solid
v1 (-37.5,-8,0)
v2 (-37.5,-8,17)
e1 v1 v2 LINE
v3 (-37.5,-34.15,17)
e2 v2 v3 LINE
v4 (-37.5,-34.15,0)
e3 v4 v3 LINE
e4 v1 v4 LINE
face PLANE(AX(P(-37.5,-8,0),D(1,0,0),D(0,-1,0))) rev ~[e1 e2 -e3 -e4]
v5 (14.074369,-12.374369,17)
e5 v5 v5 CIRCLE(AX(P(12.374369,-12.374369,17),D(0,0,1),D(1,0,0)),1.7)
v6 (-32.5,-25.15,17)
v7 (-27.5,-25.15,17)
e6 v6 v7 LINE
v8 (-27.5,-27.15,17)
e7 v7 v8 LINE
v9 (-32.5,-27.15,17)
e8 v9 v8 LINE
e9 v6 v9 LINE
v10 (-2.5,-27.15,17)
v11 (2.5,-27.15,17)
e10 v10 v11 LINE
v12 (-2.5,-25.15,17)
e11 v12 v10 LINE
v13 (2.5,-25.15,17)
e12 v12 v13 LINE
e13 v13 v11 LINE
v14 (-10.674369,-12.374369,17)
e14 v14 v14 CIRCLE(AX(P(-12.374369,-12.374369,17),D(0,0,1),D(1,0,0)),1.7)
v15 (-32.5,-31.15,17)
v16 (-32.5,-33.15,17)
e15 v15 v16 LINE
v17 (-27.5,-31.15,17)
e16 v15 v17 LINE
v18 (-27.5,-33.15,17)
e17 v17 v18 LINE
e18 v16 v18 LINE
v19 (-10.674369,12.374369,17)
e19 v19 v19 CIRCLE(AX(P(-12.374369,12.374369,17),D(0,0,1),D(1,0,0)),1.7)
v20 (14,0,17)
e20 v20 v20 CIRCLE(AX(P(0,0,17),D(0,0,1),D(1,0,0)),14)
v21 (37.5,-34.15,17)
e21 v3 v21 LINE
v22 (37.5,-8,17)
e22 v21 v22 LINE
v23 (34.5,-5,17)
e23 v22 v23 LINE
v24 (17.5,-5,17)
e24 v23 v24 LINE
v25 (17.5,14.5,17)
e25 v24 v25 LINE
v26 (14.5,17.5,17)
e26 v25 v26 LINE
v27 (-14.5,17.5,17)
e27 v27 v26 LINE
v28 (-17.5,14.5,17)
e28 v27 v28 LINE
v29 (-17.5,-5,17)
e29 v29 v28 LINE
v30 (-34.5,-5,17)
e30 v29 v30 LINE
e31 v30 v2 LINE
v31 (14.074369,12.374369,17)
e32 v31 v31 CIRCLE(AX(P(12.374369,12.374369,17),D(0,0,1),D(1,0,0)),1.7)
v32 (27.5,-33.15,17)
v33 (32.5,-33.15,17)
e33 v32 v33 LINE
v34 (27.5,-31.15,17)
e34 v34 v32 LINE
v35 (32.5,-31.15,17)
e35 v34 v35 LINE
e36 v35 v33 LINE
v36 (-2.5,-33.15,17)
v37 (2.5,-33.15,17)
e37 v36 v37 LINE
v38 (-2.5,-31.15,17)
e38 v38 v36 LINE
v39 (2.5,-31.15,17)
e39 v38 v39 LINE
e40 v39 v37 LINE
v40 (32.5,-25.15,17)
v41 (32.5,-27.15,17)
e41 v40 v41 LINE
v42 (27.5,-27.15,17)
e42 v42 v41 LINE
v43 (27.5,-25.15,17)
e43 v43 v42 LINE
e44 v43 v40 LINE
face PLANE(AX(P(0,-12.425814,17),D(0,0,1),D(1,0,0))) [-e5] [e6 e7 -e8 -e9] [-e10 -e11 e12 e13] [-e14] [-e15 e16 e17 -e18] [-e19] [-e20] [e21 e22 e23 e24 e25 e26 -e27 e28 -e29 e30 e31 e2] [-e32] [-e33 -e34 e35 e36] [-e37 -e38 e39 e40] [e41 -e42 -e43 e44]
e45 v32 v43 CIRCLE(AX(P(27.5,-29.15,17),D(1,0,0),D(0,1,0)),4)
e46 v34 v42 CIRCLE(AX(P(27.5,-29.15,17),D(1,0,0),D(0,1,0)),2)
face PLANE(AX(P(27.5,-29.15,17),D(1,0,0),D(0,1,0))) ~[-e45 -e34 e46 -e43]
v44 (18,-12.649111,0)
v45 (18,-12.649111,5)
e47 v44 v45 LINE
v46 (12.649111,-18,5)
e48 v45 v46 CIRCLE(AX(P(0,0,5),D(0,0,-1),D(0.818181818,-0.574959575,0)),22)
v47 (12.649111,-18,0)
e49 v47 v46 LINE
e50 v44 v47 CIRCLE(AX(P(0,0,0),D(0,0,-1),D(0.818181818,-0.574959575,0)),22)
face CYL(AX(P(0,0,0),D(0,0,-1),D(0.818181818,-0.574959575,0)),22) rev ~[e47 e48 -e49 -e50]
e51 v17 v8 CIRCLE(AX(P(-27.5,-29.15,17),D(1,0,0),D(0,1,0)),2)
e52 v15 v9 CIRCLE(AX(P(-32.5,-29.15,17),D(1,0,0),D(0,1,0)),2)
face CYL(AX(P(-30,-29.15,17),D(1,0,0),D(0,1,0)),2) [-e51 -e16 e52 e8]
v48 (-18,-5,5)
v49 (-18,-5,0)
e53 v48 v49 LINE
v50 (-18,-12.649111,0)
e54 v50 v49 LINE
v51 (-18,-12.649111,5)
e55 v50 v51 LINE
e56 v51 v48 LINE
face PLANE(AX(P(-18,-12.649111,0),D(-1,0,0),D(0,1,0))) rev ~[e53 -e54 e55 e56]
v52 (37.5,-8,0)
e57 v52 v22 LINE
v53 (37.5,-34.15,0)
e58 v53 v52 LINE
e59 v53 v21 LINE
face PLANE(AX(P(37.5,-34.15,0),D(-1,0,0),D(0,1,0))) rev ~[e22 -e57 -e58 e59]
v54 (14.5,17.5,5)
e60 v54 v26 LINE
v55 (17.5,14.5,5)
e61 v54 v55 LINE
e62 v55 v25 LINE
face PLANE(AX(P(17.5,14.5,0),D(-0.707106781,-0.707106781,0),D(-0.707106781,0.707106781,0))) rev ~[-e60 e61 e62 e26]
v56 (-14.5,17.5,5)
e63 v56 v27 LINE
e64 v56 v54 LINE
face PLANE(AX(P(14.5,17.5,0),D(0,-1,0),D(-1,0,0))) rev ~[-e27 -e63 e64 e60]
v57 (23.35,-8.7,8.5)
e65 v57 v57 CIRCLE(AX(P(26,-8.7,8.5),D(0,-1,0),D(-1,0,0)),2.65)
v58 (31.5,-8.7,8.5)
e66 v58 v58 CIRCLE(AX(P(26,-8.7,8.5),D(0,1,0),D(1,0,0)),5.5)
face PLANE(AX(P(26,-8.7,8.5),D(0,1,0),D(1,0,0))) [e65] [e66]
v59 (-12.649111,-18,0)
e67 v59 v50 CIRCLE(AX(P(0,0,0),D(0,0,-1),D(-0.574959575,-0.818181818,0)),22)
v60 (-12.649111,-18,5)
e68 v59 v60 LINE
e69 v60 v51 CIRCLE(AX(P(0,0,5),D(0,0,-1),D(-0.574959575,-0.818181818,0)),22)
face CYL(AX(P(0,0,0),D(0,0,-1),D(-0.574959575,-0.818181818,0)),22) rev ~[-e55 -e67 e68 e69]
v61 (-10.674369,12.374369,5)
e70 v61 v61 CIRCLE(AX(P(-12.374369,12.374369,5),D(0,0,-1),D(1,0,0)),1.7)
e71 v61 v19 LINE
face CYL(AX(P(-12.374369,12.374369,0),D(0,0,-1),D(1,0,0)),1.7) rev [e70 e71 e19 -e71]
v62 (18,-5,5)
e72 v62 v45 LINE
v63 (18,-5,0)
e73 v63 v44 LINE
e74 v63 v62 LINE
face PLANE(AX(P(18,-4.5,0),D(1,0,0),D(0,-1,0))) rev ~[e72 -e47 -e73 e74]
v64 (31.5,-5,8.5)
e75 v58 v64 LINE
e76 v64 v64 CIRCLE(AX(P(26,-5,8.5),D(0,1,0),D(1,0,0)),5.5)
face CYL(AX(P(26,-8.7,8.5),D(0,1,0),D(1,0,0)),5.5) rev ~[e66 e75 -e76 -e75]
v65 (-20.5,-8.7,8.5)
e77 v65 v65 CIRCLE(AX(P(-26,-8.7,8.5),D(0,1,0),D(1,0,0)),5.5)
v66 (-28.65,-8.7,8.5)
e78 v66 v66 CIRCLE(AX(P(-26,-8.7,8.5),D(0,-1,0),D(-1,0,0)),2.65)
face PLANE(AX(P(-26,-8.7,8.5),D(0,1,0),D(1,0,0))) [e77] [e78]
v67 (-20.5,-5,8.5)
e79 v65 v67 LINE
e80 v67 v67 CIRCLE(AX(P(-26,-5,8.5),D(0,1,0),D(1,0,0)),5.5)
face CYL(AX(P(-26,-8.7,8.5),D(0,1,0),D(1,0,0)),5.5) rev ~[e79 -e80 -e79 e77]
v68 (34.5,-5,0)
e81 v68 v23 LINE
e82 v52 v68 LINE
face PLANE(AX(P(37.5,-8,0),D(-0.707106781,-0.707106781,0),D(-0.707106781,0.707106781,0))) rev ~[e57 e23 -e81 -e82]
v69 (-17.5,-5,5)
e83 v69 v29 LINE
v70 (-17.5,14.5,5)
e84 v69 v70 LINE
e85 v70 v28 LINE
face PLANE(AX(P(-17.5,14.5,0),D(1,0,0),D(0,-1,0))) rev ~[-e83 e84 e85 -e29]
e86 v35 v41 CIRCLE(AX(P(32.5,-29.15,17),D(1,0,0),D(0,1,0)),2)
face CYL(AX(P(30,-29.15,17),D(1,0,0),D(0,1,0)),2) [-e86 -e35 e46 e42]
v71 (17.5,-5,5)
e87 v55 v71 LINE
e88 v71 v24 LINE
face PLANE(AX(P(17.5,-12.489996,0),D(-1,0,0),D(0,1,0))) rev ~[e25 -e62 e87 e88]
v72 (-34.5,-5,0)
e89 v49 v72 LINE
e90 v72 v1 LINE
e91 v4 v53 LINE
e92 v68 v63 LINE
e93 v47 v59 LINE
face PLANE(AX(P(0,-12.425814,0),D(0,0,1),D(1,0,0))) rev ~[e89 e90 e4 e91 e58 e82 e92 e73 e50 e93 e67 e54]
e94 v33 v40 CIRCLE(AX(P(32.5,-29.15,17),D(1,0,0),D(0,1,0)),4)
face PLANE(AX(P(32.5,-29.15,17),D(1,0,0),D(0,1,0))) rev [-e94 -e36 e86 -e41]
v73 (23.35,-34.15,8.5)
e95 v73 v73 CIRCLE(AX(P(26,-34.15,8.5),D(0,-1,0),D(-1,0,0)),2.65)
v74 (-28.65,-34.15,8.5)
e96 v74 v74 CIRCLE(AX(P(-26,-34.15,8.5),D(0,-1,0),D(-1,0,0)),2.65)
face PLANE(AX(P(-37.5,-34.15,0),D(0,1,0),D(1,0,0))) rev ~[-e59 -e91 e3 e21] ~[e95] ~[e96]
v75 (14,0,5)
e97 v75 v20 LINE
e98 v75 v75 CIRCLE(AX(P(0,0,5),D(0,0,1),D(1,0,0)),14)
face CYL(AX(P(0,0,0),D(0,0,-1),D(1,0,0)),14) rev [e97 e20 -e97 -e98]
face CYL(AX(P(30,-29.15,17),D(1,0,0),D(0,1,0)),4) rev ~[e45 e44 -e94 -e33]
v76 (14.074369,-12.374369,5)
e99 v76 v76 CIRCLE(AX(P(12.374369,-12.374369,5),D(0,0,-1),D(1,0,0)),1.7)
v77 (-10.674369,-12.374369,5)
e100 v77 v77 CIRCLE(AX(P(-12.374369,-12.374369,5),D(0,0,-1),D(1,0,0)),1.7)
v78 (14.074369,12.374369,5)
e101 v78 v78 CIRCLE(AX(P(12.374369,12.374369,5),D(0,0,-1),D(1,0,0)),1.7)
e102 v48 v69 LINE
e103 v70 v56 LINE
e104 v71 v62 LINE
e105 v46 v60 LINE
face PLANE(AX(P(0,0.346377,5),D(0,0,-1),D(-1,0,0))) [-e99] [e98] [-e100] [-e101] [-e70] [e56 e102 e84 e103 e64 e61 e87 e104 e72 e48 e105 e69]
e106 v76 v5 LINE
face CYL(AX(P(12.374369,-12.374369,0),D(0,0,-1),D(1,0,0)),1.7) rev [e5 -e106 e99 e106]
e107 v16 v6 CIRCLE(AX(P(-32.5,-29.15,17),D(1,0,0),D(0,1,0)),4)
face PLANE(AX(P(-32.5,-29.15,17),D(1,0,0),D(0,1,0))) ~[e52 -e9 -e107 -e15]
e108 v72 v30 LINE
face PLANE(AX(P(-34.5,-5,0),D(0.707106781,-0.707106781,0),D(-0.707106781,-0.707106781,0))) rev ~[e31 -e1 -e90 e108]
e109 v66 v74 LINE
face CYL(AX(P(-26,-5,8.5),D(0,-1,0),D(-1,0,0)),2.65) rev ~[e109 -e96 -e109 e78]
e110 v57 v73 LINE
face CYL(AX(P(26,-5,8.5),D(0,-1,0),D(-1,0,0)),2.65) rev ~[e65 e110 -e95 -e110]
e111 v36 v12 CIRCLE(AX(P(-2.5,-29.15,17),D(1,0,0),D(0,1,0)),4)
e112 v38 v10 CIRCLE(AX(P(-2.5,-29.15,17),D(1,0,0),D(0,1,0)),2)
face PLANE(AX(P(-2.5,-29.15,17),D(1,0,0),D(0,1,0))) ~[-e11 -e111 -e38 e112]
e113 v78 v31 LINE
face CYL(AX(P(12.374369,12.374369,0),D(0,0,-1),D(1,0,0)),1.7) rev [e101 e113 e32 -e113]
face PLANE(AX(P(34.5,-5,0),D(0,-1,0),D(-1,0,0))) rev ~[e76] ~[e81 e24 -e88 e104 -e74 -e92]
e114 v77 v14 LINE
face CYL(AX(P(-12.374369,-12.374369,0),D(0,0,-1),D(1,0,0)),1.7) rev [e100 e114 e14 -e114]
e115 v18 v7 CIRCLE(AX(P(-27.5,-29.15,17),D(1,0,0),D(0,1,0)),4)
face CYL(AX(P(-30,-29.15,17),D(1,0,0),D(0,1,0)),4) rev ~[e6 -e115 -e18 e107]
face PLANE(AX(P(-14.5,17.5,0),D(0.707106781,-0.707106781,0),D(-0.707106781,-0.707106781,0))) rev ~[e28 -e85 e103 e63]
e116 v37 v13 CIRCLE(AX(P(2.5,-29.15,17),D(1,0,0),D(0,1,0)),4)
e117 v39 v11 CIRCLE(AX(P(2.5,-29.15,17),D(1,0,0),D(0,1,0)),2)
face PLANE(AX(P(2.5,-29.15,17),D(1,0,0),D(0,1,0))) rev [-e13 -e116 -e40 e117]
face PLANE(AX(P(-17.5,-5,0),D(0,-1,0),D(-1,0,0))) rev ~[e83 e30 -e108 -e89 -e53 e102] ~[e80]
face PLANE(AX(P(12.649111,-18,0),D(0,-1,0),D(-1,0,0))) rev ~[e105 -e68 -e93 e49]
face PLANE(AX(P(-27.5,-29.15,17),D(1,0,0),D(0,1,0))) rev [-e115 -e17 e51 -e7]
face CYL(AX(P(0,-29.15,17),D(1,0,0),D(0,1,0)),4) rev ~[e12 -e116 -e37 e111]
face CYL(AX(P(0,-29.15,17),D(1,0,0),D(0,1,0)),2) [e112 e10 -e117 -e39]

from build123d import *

# Parameters (mm, degrees)
ESQUISSE1_R                                        = 14
ESQUISSE1_R_2                                      = 1.7
BOSS_EXTRU_1_DEPTH                                 = 17
BOSS_EXTRU_2_START                                 = -17
ESQUISSE2_R                                        = 1.7
ESQUISSE2_R_2                                      = 14
BOSS_EXTRU_2_DEPTH                                 = 17
CHAMBRAGE_POUR_VIS_T_TE_RONDE_BOMB_E_M_D           = 5.3
CHAMBRAGE_POUR_VIS_T_TE_RONDE_BOMB_E_M_DEPTH       = 35
CHAMBRAGE_POUR_VIS_T_TE_RONDE_BOMB_E_M_CBORE_D     = 11
CHAMBRAGE_POUR_VIS_T_TE_RONDE_BOMB_E_M_CBORE_DEPTH = 3.7
CHAMBRAGE_POUR_VIS_T_TE_RONDE_BOMB_E_M_TIP         = 1.59228064
ESQUISSE7_W                                        = 5
ESQUISSE7_H                                        = 2
ENL_V_MAT_EXTRU_1_DEPTH                            = 5
ENL_V_MAT_EXTRU_2_DEPTH                            = 5


with BuildPart() as part:
    # Esquisse1 → Boss.-Extru.1 (new body)
    with BuildSketch(Plane.XY):
        with BuildLine():
            Line((12.489995997, 17.5), (-12.489995997, 17.5))
            ThreePointArc((-12.489995997, 17.5), (-15.202795796, 15.202795796), (-17.5, 12.489995997))
            Line((-17.5, 12.489995997), (-17.5, -12.489995997))
            ThreePointArc((-17.5, -12.489995997), (-15.202795796, -15.202795796), (-12.489995997, -17.5))
            Line((-12.489995997, -17.5), (12.489995997, -17.5))
            ThreePointArc((12.489995997, -17.5), (15.202795796, -15.202795796), (17.5, -12.489995997))
            Line((17.5, -12.489995997), (17.5, 12.489995997))
            ThreePointArc((17.5, 12.489995997), (15.202795796, 15.202795796), (12.489995997, 17.5))
        make_face()
        Circle(ESQUISSE1_R, mode=Mode.SUBTRACT)
        with Locations((-12.374368671, -12.374368671)):
            Circle(ESQUISSE1_R_2, mode=Mode.SUBTRACT)
        with Locations((12.374368671, -12.374368671)):
            Circle(ESQUISSE1_R_2, mode=Mode.SUBTRACT)
        with Locations((12.374368671, 12.374368671)):
            Circle(ESQUISSE1_R_2, mode=Mode.SUBTRACT)
        with Locations((-12.374368671, 12.374368671)):
            Circle(ESQUISSE1_R_2, mode=Mode.SUBTRACT)
    extrude(amount=BOSS_EXTRU_1_DEPTH)

    # Esquisse2 → Boss.-Extru.2 (add)
    with BuildSketch(Plane.XY.offset(17).offset(BOSS_EXTRU_2_START)):
        Polygon((-12.489995997, 17.5), (-14.5, 17.5), (-17.5, 14.5), (-17.5, -5), (-34.5, -5), (-37.5, -8), (-37.5, -34.15), (37.5, -34.15), (37.5, -8), (34.5, -5), (17.5, -5), (17.5, 14.5), (14.5, 17.5), align=None)
        with Locations((12.374368671, 12.374368671)):
            Circle(ESQUISSE2_R, mode=Mode.SUBTRACT)
        with Locations((12.374368671, -12.374368671)):
            Circle(ESQUISSE2_R, mode=Mode.SUBTRACT)
        with Locations((-12.374368671, -12.374368671)):
            Circle(ESQUISSE2_R, mode=Mode.SUBTRACT)
        with Locations((-12.374368671, 12.374368671)):
            Circle(ESQUISSE2_R, mode=Mode.SUBTRACT)
        Circle(ESQUISSE2_R_2, mode=Mode.SUBTRACT)
    extrude(amount=BOSS_EXTRU_2_DEPTH)

    # Chambrage pour vis à tête ronde bombée M51
    with Locations(Plane(origin=(0, -5, 0), x_dir=(1, 0, 0), z_dir=(0, 1, 0))):
        with Locations((-26, -8.5), (26, -8.5)):
            CounterBoreHole(CHAMBRAGE_POUR_VIS_T_TE_RONDE_BOMB_E_M_D / 2, CHAMBRAGE_POUR_VIS_T_TE_RONDE_BOMB_E_M_CBORE_D / 2, CHAMBRAGE_POUR_VIS_T_TE_RONDE_BOMB_E_M_CBORE_DEPTH, depth=CHAMBRAGE_POUR_VIS_T_TE_RONDE_BOMB_E_M_DEPTH)
            with Locations((0, 0, -(CHAMBRAGE_POUR_VIS_T_TE_RONDE_BOMB_E_M_DEPTH + CHAMBRAGE_POUR_VIS_T_TE_RONDE_BOMB_E_M_TIP / 2))):  # 118° drill point
                Cone(0, CHAMBRAGE_POUR_VIS_T_TE_RONDE_BOMB_E_M_D / 2, CHAMBRAGE_POUR_VIS_T_TE_RONDE_BOMB_E_M_TIP, mode=Mode.SUBTRACT)

    # Esquisse7 → Enlèvement de matière-Révolution1 (revolve, cut)
    with BuildSketch(Plane.XY.offset(17)):
        with Locations((0, -26.15)):
            Rectangle(ESQUISSE7_W, ESQUISSE7_H)
        with Locations((-30, -26.15)):
            Rectangle(ESQUISSE7_W, ESQUISSE7_H)
        with Locations((30, -26.15)):
            Rectangle(ESQUISSE7_W, ESQUISSE7_H)
    revolve(axis=Axis((-37.5, -29.15, 17), (1, 0, 0)), mode=Mode.SUBTRACT)

    # Esquisse8 → Enlèv. mat.-Extru.1 (cut)
    with BuildSketch(Plane(origin=(0, 0, 0), x_dir=(-1, 0, 0), z_dir=(0, 0, -1))):
        with BuildLine():
            Line((-12.489995997, 17.5), (-14.5, 17.5))
            Line((-14.5, 17.5), (-17.5, 14.5))
            Line((-17.5, 14.5), (-17.5, 12.489995997))
            Line((-17.5, 12.489995997), (-17.5, -12.489995997))
            ThreePointArc((-17.5, -12.489995997), (-15.202795796, -15.202795796), (-12.489995997, -17.5))
            Line((-12.489995997, -17.5), (12.489995997, -17.5))
            ThreePointArc((12.489995997, -17.5), (15.202795796, -15.202795796), (17.5, -12.489995997))
            Line((17.5, -12.489995997), (17.5, 12.489995997))
            Line((17.5, 12.489995997), (17.5, 14.5))
            Line((17.5, 14.5), (14.5, 17.5))
            Line((14.5, 17.5), (12.489995997, 17.5))
            Line((12.489995997, 17.5), (-12.489995997, 17.5))
        make_face()
    extrude(amount=-ENL_V_MAT_EXTRU_1_DEPTH, mode=Mode.SUBTRACT)

    # Esquisse9 → Enlèv. mat.-Extru.2 (cut)
    with BuildSketch(Plane(origin=(0, 0, 0), x_dir=(-1, 0, 0), z_dir=(0, 0, -1))):
        with BuildLine():
            Line((-18, -4.5), (-18, -12.649110641))
            ThreePointArc((-18, -12.649110641), (-15.556349186, -15.556349186), (-12.649110641, -18))
            Line((-12.649110641, -18), (12.649110641, -18))
            ThreePointArc((12.649110641, -18), (15.556349186, -15.556349186), (18, -12.649110641))
            Line((18, -12.649110641), (18, -4.5))
            Line((18, -4.5), (-18, -4.5))
        make_face()
        with BuildLine():
            Line((17.5, -12.489995997), (17.5, -5))
            Line((17.5, -5), (-17.5, -5))
            Line((-17.5, -5), (-17.5, -12.489995997))
            ThreePointArc((-17.5, -12.489995997), (-15.202795796, -15.202795796), (-12.489995997, -17.5))
            Line((-12.489995997, -17.5), (12.489995997, -17.5))
            ThreePointArc((12.489995997, -17.5), (15.202795796, -15.202795796), (17.5, -12.489995997))
        make_face(mode=Mode.SUBTRACT)
    extrude(amount=-ENL_V_MAT_EXTRU_2_DEPTH, mode=Mode.SUBTRACT)


solid = part.part
